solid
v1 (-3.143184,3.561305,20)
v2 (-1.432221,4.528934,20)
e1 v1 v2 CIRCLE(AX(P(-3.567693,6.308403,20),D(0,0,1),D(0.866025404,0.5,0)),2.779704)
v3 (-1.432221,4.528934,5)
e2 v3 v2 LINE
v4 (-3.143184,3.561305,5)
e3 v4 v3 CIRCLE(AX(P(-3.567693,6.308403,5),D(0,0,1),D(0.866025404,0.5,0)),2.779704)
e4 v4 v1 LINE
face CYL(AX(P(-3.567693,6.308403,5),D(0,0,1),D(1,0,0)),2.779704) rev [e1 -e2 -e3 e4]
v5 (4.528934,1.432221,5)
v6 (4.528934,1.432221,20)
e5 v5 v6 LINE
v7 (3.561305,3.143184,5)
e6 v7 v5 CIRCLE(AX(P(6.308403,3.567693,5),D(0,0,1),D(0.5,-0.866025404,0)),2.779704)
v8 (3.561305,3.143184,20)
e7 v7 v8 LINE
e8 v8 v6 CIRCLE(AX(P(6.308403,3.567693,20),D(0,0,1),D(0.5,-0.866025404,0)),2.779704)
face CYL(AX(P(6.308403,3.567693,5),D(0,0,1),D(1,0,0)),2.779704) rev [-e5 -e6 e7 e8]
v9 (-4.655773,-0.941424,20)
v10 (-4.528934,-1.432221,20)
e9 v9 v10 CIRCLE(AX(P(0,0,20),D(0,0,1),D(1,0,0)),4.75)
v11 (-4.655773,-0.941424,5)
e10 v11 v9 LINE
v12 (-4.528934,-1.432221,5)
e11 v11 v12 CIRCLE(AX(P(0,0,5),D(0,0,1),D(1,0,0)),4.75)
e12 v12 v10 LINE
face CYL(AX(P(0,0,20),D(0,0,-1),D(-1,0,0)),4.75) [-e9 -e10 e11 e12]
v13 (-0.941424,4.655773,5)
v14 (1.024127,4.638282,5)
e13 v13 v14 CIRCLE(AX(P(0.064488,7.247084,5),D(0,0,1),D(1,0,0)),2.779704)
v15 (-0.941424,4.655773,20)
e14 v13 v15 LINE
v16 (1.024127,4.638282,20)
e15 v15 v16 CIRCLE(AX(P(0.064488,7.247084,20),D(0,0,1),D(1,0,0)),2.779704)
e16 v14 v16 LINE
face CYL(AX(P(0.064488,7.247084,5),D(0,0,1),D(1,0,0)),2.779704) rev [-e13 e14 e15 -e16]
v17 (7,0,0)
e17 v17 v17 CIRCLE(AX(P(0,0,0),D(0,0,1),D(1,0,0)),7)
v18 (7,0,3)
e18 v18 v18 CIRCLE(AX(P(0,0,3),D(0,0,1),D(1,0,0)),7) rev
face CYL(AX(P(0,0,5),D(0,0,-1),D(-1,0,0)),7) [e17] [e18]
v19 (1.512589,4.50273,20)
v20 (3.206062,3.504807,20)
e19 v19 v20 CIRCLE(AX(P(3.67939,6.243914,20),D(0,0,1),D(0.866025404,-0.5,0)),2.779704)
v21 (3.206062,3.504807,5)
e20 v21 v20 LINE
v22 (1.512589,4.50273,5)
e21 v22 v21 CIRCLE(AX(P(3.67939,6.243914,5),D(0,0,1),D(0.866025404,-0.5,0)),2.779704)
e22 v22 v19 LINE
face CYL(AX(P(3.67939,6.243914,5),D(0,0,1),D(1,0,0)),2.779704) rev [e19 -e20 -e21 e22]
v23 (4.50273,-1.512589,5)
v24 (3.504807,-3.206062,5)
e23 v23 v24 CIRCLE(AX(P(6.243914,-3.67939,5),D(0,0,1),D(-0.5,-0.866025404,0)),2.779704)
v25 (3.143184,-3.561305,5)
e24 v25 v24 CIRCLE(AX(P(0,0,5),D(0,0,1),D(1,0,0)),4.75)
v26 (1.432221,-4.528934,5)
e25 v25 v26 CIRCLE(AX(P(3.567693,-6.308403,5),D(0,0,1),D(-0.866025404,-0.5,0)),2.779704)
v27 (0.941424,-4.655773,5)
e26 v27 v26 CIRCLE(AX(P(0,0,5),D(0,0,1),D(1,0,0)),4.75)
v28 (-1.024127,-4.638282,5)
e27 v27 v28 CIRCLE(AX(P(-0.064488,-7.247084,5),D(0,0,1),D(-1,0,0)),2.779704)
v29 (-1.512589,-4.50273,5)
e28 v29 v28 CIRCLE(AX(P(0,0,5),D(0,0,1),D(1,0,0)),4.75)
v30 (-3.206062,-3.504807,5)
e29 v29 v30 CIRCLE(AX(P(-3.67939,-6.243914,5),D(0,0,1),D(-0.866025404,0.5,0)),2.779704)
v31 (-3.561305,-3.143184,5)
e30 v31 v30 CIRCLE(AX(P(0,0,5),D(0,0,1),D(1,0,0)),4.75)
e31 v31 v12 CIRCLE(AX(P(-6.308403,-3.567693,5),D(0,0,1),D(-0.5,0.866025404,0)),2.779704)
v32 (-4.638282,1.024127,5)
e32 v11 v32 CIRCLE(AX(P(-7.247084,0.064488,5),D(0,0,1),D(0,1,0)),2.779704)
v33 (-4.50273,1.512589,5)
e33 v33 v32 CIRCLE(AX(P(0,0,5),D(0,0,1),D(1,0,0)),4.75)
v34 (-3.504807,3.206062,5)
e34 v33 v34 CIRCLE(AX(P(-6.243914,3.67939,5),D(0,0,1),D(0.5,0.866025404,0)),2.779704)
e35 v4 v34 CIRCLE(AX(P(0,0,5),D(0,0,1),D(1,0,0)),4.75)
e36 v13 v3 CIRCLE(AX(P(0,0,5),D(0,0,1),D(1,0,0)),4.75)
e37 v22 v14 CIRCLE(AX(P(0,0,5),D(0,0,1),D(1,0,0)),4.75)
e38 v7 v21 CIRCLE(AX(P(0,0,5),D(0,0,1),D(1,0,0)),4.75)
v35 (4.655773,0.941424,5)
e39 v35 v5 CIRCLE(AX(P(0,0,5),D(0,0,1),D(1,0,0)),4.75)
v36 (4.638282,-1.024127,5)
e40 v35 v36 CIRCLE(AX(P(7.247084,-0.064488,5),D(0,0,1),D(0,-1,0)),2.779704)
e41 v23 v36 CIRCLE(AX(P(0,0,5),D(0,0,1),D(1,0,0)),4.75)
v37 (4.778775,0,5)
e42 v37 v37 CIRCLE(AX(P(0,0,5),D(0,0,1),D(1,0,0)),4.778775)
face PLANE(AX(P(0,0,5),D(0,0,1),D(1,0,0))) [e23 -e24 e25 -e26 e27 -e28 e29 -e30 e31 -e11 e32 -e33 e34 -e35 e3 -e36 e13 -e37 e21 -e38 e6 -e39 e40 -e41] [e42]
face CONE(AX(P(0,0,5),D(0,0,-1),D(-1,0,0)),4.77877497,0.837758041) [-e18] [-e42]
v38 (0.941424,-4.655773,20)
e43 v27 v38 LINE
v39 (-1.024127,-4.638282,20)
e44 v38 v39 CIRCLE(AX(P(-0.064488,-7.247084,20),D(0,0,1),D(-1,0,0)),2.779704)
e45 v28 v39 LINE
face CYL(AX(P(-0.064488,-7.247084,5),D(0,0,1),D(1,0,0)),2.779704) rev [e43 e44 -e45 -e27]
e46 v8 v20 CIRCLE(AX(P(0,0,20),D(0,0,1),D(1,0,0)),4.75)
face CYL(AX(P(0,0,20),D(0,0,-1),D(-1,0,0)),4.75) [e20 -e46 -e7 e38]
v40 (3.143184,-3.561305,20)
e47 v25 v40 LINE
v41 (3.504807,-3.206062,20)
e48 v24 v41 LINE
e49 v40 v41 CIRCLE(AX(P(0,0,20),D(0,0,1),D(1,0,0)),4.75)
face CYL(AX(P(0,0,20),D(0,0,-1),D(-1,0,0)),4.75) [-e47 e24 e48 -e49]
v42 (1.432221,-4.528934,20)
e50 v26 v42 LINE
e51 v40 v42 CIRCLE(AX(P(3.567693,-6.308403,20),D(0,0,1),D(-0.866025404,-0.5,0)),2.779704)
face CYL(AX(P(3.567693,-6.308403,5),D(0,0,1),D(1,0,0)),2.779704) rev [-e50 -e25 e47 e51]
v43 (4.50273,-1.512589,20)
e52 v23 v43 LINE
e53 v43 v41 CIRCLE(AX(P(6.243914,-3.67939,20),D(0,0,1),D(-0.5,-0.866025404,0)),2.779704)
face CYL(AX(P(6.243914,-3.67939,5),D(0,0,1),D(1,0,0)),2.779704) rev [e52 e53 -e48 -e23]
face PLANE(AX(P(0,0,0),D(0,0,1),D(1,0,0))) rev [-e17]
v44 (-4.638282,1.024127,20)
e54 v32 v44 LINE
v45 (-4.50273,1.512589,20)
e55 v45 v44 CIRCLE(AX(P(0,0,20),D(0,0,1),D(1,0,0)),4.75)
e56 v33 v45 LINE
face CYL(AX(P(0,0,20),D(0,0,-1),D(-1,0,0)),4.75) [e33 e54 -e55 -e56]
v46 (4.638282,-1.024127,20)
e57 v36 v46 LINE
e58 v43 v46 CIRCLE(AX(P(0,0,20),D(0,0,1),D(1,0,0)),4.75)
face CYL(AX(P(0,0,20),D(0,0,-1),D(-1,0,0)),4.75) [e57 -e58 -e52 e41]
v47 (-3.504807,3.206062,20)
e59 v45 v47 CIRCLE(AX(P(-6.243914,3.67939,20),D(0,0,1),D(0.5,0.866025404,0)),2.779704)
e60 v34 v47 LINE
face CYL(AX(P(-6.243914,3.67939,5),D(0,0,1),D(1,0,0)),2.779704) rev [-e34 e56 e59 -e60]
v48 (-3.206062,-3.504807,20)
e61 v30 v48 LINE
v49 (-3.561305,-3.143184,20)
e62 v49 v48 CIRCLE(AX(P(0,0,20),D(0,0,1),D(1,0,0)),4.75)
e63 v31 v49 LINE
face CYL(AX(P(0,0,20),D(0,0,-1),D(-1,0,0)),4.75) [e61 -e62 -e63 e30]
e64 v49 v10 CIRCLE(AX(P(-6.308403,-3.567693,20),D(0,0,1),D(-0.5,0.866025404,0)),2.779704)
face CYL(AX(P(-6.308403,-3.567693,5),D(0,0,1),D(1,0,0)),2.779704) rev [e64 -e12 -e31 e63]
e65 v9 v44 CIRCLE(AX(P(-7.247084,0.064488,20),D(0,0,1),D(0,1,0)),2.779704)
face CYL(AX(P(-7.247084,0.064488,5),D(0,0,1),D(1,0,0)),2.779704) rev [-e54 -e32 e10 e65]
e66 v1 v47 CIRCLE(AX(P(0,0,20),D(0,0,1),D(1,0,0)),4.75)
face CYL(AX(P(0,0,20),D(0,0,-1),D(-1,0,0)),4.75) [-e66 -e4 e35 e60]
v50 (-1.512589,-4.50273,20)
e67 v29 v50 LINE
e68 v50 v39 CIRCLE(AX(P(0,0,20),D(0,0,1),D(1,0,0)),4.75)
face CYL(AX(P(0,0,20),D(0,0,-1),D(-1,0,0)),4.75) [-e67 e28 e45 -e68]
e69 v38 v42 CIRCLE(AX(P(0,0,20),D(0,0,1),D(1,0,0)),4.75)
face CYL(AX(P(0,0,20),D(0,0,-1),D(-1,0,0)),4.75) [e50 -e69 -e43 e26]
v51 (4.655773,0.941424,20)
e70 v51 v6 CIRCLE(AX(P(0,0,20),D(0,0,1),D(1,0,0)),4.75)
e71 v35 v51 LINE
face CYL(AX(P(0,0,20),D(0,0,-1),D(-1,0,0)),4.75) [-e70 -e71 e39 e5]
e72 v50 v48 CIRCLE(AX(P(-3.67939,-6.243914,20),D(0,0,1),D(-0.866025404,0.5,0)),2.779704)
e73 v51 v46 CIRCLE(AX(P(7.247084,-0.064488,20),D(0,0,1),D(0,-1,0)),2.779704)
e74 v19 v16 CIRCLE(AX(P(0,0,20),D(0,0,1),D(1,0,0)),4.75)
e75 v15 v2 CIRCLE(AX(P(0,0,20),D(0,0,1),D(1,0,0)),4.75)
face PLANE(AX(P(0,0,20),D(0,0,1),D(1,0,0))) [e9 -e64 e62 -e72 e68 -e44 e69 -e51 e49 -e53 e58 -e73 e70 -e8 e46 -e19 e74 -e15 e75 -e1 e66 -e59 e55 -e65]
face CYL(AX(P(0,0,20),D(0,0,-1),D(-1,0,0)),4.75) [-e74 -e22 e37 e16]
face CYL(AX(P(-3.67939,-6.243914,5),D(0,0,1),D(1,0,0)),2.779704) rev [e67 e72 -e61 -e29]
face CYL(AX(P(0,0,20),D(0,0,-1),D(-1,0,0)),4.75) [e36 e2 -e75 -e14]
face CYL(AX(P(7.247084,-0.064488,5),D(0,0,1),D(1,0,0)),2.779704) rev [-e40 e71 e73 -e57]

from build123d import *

# Parameters (mm, degrees)
CROQUIS1_R              = 7
SALIENTE_EXTRUIR1_DEPTH = 5
CROQUIS2_R              = 4.75
SALIENTE_EXTRUIR2_DEPTH = 15
CHAFL_N1_SIZE           = 2
CHAFL_N1_SIZE2          = 2.22122503
CORTAR_EXTRUIR1_START   = -15
CORTAR_EXTRUIR1_DEPTH   = 15
MATRIZC1_COUNT          = 12


with BuildPart() as part:
    # Croquis1 → Saliente-Extruir1 (new body)
    with BuildSketch(Plane.XY):
        Circle(CROQUIS1_R)
    extrude(amount=SALIENTE_EXTRUIR1_DEPTH)

    # Croquis2 → Saliente-Extruir2 (add)
    with BuildSketch(Plane.XY.offset(5)):
        Circle(CROQUIS2_R)
    extrude(amount=SALIENTE_EXTRUIR2_DEPTH)

    # Chaflán1
    chafl_n1_edges = [part.edges().sort_by_distance(p)[0] for p in [
        (-7, 0, 5),
    ]]
    chafl_n1_side = [part.faces().sort_by_distance(p)[0] for p in [
        (-7, 0, 2.5),
    ]]
    chamfer(chafl_n1_edges, length=CHAFL_N1_SIZE, length2=CHAFL_N1_SIZE2, reference=chafl_n1_side[0])

    # Croquis3 → Cortar-Extruir1 (cut)
    with BuildSketch(Plane.XY.offset(20).offset(CORTAR_EXTRUIR1_START)):
        with BuildLine():
            ThreePointArc((-0.941424284, 4.655772795), (0.03975399, 4.467490129), (1.024127494, 4.638282319))
            ThreePointArc((1.024127494, 4.638282319), (0.042266233, 4.749811951), (-0.941424284, 4.655772795))
        make_face()
    cortar_extruir1 = extrude(amount=CORTAR_EXTRUIR1_DEPTH, mode=Mode.SUBTRACT)

    # MatrizC1: Cortar-Extruir1 ×12 about axis
    matrizc1_axis = Axis((0, 0, 0), (0, 0, 1))
    for i in range(1, MATRIZC1_COUNT):
        add(cortar_extruir1.rotate(matrizc1_axis, i * 360 / MATRIZC1_COUNT), mode=Mode.SUBTRACT)


solid = part.part
